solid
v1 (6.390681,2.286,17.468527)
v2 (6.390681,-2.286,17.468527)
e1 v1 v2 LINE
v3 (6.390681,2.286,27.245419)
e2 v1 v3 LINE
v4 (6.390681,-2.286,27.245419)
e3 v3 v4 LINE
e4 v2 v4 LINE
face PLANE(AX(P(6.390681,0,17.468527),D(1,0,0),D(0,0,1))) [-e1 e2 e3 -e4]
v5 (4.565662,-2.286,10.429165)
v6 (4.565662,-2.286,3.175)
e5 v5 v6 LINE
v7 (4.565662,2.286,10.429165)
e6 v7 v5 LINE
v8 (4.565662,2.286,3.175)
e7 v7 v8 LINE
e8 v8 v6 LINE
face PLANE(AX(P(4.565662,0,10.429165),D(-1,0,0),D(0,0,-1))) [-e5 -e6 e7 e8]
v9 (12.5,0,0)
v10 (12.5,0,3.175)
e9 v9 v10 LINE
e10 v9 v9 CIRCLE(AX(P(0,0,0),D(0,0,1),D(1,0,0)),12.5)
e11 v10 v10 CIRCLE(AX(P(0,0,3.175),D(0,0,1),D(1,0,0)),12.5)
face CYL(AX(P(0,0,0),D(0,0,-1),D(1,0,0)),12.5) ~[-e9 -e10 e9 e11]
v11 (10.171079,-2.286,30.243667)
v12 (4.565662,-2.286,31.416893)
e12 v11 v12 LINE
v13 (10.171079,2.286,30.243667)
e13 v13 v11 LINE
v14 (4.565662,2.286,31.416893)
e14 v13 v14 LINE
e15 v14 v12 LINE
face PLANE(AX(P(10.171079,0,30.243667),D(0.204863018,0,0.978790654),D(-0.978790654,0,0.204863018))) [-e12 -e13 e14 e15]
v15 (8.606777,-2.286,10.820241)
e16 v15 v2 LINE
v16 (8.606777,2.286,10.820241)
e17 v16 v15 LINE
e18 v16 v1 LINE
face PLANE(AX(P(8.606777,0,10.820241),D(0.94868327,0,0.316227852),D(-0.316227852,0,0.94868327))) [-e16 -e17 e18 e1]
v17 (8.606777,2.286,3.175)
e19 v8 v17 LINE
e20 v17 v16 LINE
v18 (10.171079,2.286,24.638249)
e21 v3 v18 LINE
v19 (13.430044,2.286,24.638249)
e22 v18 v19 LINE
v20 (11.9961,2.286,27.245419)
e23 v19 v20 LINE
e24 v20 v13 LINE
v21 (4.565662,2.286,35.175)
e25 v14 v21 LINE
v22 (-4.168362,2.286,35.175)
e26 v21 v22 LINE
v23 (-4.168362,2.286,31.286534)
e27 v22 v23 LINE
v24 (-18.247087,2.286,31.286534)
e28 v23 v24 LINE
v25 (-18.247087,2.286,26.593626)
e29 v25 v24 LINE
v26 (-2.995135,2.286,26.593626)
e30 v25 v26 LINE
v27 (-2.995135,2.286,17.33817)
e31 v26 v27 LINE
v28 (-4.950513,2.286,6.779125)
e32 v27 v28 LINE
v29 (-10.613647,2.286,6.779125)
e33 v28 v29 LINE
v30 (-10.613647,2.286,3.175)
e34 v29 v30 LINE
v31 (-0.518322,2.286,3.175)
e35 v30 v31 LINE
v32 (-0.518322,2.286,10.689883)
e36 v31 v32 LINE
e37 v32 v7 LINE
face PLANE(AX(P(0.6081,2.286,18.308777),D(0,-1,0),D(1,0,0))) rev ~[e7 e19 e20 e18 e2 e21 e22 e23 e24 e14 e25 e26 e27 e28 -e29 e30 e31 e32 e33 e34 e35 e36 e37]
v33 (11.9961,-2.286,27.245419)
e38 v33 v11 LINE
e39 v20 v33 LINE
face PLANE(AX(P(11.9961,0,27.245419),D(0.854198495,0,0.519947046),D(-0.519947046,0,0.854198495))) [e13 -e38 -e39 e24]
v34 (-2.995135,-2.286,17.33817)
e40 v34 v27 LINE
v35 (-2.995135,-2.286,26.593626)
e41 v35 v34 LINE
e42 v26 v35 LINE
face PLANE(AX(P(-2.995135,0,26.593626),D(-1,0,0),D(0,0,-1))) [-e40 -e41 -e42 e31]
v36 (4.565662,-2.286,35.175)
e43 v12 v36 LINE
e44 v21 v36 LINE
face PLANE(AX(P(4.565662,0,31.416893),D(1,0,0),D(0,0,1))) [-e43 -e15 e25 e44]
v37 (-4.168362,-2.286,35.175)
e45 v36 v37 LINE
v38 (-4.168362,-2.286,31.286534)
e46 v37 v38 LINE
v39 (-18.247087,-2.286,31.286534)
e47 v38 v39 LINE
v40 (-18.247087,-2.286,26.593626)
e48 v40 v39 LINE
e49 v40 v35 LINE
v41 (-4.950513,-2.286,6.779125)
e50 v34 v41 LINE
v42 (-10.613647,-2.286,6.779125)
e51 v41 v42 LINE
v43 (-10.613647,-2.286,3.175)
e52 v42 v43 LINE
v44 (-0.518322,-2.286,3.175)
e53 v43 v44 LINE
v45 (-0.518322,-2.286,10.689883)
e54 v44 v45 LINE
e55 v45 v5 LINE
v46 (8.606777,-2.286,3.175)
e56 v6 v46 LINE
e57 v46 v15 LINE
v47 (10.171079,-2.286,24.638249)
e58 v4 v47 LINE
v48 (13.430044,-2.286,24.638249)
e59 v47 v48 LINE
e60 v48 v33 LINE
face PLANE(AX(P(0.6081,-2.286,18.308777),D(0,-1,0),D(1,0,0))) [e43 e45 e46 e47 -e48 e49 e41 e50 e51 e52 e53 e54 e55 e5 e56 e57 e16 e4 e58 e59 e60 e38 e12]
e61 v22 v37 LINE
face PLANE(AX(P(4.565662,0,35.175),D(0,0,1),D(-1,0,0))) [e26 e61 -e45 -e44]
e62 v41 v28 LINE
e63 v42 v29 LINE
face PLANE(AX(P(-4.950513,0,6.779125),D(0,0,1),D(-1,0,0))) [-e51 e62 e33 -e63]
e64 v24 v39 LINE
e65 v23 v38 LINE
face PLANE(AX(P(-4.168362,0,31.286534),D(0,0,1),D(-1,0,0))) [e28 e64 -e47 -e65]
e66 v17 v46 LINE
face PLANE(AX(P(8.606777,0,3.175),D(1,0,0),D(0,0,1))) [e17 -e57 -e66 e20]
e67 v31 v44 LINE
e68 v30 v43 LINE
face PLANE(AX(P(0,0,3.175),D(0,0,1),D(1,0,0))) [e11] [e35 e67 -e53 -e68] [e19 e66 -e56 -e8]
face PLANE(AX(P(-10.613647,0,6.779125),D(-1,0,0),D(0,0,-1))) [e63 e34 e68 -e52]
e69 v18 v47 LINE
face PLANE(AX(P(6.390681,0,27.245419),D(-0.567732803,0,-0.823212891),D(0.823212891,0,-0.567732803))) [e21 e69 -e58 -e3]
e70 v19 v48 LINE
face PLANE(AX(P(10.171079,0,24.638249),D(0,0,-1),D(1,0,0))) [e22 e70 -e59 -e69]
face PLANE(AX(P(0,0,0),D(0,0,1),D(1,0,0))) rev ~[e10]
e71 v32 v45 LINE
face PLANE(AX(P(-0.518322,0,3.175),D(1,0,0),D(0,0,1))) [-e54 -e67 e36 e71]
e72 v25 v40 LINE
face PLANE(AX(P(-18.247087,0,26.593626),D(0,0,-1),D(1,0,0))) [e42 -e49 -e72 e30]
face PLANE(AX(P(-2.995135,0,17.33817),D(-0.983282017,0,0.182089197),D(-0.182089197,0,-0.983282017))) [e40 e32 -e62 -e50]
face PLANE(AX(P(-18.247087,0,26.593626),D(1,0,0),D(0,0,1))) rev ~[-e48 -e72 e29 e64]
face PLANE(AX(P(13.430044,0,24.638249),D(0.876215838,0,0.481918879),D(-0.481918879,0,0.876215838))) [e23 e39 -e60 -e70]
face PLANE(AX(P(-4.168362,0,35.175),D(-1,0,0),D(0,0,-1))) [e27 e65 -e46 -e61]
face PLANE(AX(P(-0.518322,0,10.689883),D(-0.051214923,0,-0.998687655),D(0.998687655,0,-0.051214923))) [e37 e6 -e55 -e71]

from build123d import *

# Parameters (mm, degrees)
F0_R     = 12.5
F1_DEPTH = 3.175
F2_W     = 7.63344
F2_H     = 4.692908
F3_DEPTH = 2.286


with BuildPart() as f1:
    # F0 (on Top) → F1 (new body)
    with BuildSketch(Plane.XY):
        Circle(F0_R)
    extrude(amount=F1_DEPTH)

    # F2 (on Front) → F3 (join, symmetric)
    with BuildSketch(Plane.XZ):
        Polygon((-10.613647, 6.779125), (-10.613647, 3.175), (-0.518322, 3.175), (-0.518322, 10.689883), (4.565662, 10.429165), (4.565662, 3.175), (8.606777, 3.175), (8.606777, 10.820241), (6.390681, 17.468527), (6.390681, 27.245419), (10.171079, 24.638249), (13.430044, 24.638249), (11.9961, 27.245419), (10.171079, 30.243667), (4.565662, 31.416893), (4.565662, 35.175), (-4.168362, 35.175), (-4.168362, 31.286534), (-10.613647, 31.286534), (-10.613647, 26.593626), (-2.995135, 26.593626), (-2.995135, 17.33817), (-4.950513, 6.779125), align=None)
        with Locations((-14.430367, 28.94008)):
            Rectangle(F2_W, F2_H)
    extrude(amount=F3_DEPTH, both=True)


solid = f1.part
